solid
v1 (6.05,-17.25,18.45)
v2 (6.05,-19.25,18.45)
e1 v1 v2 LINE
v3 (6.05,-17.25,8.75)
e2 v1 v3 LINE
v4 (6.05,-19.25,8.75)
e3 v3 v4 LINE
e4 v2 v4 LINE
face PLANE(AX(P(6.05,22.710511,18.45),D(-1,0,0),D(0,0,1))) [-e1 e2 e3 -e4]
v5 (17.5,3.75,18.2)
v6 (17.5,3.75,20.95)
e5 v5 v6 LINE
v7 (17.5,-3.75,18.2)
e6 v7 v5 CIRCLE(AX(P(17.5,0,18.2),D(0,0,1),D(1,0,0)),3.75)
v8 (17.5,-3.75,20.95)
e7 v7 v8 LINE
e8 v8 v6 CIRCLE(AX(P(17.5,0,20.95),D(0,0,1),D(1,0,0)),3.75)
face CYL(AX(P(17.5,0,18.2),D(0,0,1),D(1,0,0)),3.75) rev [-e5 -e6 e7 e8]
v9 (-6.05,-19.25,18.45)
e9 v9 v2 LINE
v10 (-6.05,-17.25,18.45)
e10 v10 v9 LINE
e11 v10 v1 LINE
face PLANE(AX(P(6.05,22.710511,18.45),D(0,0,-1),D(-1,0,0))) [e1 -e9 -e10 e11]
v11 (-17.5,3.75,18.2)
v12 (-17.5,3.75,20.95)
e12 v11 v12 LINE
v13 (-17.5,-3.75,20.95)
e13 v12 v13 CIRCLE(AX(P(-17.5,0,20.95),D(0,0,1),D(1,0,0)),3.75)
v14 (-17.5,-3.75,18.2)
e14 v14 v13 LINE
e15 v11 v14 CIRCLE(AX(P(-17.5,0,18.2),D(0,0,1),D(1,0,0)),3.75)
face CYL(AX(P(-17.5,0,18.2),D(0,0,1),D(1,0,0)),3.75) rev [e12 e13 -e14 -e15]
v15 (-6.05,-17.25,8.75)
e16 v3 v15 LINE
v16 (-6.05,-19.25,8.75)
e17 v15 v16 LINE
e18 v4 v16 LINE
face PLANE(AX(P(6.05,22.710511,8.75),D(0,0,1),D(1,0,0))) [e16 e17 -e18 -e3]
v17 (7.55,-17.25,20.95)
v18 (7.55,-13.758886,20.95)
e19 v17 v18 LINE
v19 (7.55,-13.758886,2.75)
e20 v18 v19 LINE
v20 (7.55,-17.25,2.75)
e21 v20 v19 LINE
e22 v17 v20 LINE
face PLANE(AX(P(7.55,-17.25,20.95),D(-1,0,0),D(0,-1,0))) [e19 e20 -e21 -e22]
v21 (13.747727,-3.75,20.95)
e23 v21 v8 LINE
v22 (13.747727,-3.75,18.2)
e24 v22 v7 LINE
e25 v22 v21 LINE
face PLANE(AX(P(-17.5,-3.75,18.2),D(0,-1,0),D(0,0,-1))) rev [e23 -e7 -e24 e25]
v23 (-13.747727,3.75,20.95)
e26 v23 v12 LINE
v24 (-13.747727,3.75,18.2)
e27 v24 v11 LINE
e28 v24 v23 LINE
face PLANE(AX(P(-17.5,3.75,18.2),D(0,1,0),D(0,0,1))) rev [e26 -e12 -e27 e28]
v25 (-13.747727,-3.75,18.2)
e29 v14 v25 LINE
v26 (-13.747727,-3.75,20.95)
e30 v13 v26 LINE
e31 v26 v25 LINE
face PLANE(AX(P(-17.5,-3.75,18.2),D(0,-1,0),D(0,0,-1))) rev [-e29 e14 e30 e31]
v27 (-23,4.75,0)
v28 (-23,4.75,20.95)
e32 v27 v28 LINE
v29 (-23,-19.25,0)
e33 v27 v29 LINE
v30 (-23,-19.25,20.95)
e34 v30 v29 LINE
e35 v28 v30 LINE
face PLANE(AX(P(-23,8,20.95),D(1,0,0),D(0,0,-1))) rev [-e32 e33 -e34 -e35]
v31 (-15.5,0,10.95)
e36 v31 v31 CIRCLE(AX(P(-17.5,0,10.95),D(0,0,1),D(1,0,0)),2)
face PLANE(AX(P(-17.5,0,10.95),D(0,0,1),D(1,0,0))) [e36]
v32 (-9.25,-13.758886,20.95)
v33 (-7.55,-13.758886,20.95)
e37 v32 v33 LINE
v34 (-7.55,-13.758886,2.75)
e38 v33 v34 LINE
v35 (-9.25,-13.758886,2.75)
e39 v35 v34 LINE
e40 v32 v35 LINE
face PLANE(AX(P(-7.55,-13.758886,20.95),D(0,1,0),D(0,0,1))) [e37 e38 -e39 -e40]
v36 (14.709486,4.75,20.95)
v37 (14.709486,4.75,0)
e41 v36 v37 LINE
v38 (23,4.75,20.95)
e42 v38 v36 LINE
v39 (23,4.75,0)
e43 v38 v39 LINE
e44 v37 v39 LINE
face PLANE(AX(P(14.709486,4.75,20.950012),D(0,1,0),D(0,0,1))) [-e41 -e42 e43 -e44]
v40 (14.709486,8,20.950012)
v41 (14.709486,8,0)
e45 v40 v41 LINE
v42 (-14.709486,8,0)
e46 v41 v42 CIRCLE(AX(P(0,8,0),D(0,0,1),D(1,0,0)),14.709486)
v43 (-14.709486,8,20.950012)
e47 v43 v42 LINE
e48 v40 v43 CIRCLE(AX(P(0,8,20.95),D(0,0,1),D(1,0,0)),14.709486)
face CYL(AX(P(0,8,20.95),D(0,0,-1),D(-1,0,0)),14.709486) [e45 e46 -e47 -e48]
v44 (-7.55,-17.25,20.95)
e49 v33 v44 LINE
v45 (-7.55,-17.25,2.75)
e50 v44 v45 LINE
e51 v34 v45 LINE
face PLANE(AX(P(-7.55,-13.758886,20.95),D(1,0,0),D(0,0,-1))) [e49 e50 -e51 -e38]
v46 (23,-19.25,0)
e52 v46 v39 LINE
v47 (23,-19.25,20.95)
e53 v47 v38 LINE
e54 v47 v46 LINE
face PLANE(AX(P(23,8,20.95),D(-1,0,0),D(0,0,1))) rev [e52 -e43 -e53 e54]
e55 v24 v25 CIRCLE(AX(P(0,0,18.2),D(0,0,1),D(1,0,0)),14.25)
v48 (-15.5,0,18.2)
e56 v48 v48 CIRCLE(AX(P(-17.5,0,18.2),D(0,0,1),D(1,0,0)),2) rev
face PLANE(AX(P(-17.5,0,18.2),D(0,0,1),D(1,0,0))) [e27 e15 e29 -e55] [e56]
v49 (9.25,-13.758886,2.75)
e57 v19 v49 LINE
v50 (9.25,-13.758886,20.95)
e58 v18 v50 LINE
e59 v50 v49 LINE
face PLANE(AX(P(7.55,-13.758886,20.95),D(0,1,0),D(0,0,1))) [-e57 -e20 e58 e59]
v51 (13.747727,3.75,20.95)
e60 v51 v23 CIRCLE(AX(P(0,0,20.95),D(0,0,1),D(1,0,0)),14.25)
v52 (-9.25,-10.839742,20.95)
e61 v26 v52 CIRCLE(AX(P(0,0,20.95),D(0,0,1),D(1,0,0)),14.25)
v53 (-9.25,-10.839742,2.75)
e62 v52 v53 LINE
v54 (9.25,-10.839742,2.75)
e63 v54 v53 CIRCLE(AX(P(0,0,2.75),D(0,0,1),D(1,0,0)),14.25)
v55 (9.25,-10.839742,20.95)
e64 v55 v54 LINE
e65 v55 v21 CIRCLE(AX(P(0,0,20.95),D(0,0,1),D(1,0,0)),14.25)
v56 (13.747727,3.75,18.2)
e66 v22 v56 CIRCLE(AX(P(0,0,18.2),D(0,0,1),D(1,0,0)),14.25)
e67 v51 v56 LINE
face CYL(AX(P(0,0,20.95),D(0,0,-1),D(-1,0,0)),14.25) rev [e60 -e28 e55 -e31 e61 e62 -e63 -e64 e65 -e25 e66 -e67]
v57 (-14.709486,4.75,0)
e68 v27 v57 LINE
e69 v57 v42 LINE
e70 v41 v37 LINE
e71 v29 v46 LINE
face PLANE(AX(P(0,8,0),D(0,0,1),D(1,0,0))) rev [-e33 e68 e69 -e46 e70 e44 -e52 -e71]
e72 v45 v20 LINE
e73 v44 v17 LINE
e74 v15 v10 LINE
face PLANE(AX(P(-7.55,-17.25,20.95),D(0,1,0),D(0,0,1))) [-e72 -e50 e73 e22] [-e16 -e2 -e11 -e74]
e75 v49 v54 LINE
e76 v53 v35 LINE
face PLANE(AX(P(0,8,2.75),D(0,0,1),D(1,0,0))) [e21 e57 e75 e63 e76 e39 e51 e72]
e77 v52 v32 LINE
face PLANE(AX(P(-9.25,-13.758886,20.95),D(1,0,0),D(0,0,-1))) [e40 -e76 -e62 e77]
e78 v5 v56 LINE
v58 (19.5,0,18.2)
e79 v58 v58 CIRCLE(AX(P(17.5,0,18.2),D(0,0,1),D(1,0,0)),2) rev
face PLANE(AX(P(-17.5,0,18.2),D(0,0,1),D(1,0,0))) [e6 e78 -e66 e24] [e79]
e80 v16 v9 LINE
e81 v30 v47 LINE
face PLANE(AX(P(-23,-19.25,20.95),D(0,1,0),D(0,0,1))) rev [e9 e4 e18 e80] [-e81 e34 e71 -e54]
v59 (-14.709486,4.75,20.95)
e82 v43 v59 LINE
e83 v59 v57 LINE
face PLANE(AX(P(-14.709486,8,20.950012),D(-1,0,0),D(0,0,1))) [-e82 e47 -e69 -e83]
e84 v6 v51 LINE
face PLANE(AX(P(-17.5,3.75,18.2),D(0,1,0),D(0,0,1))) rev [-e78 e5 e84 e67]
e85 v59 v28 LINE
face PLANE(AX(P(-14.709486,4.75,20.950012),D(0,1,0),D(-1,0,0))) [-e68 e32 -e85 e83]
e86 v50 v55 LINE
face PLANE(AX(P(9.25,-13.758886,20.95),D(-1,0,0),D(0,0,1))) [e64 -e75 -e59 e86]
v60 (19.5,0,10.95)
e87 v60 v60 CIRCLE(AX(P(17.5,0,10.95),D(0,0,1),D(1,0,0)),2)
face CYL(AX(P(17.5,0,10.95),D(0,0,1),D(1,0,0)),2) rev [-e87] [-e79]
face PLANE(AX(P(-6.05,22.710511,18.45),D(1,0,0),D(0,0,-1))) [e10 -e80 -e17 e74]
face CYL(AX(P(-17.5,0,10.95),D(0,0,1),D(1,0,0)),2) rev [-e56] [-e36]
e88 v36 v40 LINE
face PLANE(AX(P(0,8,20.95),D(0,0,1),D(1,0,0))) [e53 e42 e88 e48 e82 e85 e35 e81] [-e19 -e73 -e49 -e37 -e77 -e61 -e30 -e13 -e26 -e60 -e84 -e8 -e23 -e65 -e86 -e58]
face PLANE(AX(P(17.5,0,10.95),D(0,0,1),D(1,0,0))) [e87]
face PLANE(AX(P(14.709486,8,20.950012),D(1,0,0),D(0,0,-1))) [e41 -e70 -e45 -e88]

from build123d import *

# Parameters (mm, degrees)
BOSS_EXTRUDE1_DEPTH     = 20.95
BOSS_EXTRUDE2_DEPTH     = 2.75
SKETCH6_R               = 2
CUT_EXTRUDE2_DEPTH      = 10
CUT_EXTRUDE3_DEPTH      = 2.75
CUT_EXTRUDE4_DEPTH      = 39.517830206
CUT_EXTRUDE4_DEPTH_BACK = 39.517830206
SKETCH8_W               = 8.290514233
SKETCH8_H               = 3.25
CUT_EXTRUDE5_REACH      = 64.495
SKETCH9_W               = 12.1
SKETCH9_H               = 9.7


with BuildPart() as part:
    # Sketch2 → Boss-Extrude1 (new body)
    with BuildSketch(Plane.XY):
        with BuildLine():
            Line((-14.709485767, 8), (-23, 8))
            Line((-23, 8), (-23, -19.25))
            Line((-23, -19.25), (23, -19.25))
            Line((23, -19.25), (23, 8))
            Line((23, 8), (14.709485767, 8))
            ThreePointArc((14.709485767, 8), (0, 22.709485767), (-14.709485767, 8))
        make_face()
        with BuildLine():
            Line((-7.55, -13.758885964), (-7.55, -17.25))
            Line((-7.55, -17.25), (7.55, -17.25))
            Line((7.55, -17.25), (7.55, -13.758885964))
            Line((7.55, -13.758885964), (9.25, -13.758885964))
            Line((9.25, -13.758885964), (9.25, -10.839741694))
            ThreePointArc((9.25, -10.839741694), (0, 14.25), (-9.25, -10.839741694))
            Line((-9.25, -10.839741694), (-9.25, -13.758885964))
            Line((-9.25, -13.758885964), (-7.55, -13.758885964))
        make_face(mode=Mode.SUBTRACT)
    extrude(amount=BOSS_EXTRUDE1_DEPTH)

    # Sketch3 → Boss-Extrude2 (add)
    with BuildSketch(Plane.XY):
        with BuildLine():
            Line((-14.709485767, 8), (-23, 8))
            Line((-23, 8), (-23, -19.25))
            Line((-23, -19.25), (23, -19.25))
            Line((23, -19.25), (23, 8))
            Line((23, 8), (14.709485767, 8))
            ThreePointArc((14.709485767, 8), (0, 22.709485767), (-14.709485767, 8))
        make_face()
    extrude(amount=BOSS_EXTRUDE2_DEPTH)

    # Sketch6 → Cut-Extrude2 (cut)
    with BuildSketch(Plane.XY.offset(20.95)):
        with Locations((-17.5, 0)):
            Circle(SKETCH6_R)
        with Locations((17.5, 0)):
            Circle(SKETCH6_R)
    extrude(amount=-CUT_EXTRUDE2_DEPTH, mode=Mode.SUBTRACT)

    # Sketch7 → Cut-Extrude3 (cut)
    with BuildSketch(Plane.XY.offset(20.95)):
        with BuildLine():
            Line((-17.5, 3.75), (17.5, 3.75))
            ThreePointArc((17.5, 3.75), (21.25, 0), (17.5, -3.75))
            Line((17.5, -3.75), (-17.5, -3.75))
            ThreePointArc((-17.5, -3.75), (-21.25, 0), (-17.5, 3.75))
        make_face()
    extrude(amount=-CUT_EXTRUDE3_DEPTH, mode=Mode.SUBTRACT)

    # Sketch8 → Cut-Extrude4 (cut, two sides: drawn at the far end of the back side and taken through both)
    with BuildSketch(Plane.XY.offset(20.95).offset(-CUT_EXTRUDE4_DEPTH_BACK)):
        with Locations((-18.854742884, 6.375)):
            Rectangle(SKETCH8_W, SKETCH8_H)
        with Locations((18.854742884, 6.375)):
            Rectangle(SKETCH8_W, SKETCH8_H)
    extrude(amount=CUT_EXTRUDE4_DEPTH + CUT_EXTRUDE4_DEPTH_BACK, mode=Mode.SUBTRACT)

    # Sketch9 → Cut-Extrude5 (cut, up to next)
    with BuildSketch(Plane(origin=(0, -19.25, -19.25), x_dir=(-1, 0, 0), z_dir=(0, 1, 0)), mode=Mode.PRIVATE) as cut_extrude5_sk1:
        with Locations((0, 32.85)):
            Rectangle(SKETCH9_W, SKETCH9_H)
    cut_extrude5_tool1 = extrude(cut_extrude5_sk1.sketch, amount=CUT_EXTRUDE5_REACH, mode=Mode.PRIVATE) & part.part
    add(cut_extrude5_tool1.solids().sort_by_distance((0, -19.25, 13.6))[0], mode=Mode.SUBTRACT)


solid = part.part
